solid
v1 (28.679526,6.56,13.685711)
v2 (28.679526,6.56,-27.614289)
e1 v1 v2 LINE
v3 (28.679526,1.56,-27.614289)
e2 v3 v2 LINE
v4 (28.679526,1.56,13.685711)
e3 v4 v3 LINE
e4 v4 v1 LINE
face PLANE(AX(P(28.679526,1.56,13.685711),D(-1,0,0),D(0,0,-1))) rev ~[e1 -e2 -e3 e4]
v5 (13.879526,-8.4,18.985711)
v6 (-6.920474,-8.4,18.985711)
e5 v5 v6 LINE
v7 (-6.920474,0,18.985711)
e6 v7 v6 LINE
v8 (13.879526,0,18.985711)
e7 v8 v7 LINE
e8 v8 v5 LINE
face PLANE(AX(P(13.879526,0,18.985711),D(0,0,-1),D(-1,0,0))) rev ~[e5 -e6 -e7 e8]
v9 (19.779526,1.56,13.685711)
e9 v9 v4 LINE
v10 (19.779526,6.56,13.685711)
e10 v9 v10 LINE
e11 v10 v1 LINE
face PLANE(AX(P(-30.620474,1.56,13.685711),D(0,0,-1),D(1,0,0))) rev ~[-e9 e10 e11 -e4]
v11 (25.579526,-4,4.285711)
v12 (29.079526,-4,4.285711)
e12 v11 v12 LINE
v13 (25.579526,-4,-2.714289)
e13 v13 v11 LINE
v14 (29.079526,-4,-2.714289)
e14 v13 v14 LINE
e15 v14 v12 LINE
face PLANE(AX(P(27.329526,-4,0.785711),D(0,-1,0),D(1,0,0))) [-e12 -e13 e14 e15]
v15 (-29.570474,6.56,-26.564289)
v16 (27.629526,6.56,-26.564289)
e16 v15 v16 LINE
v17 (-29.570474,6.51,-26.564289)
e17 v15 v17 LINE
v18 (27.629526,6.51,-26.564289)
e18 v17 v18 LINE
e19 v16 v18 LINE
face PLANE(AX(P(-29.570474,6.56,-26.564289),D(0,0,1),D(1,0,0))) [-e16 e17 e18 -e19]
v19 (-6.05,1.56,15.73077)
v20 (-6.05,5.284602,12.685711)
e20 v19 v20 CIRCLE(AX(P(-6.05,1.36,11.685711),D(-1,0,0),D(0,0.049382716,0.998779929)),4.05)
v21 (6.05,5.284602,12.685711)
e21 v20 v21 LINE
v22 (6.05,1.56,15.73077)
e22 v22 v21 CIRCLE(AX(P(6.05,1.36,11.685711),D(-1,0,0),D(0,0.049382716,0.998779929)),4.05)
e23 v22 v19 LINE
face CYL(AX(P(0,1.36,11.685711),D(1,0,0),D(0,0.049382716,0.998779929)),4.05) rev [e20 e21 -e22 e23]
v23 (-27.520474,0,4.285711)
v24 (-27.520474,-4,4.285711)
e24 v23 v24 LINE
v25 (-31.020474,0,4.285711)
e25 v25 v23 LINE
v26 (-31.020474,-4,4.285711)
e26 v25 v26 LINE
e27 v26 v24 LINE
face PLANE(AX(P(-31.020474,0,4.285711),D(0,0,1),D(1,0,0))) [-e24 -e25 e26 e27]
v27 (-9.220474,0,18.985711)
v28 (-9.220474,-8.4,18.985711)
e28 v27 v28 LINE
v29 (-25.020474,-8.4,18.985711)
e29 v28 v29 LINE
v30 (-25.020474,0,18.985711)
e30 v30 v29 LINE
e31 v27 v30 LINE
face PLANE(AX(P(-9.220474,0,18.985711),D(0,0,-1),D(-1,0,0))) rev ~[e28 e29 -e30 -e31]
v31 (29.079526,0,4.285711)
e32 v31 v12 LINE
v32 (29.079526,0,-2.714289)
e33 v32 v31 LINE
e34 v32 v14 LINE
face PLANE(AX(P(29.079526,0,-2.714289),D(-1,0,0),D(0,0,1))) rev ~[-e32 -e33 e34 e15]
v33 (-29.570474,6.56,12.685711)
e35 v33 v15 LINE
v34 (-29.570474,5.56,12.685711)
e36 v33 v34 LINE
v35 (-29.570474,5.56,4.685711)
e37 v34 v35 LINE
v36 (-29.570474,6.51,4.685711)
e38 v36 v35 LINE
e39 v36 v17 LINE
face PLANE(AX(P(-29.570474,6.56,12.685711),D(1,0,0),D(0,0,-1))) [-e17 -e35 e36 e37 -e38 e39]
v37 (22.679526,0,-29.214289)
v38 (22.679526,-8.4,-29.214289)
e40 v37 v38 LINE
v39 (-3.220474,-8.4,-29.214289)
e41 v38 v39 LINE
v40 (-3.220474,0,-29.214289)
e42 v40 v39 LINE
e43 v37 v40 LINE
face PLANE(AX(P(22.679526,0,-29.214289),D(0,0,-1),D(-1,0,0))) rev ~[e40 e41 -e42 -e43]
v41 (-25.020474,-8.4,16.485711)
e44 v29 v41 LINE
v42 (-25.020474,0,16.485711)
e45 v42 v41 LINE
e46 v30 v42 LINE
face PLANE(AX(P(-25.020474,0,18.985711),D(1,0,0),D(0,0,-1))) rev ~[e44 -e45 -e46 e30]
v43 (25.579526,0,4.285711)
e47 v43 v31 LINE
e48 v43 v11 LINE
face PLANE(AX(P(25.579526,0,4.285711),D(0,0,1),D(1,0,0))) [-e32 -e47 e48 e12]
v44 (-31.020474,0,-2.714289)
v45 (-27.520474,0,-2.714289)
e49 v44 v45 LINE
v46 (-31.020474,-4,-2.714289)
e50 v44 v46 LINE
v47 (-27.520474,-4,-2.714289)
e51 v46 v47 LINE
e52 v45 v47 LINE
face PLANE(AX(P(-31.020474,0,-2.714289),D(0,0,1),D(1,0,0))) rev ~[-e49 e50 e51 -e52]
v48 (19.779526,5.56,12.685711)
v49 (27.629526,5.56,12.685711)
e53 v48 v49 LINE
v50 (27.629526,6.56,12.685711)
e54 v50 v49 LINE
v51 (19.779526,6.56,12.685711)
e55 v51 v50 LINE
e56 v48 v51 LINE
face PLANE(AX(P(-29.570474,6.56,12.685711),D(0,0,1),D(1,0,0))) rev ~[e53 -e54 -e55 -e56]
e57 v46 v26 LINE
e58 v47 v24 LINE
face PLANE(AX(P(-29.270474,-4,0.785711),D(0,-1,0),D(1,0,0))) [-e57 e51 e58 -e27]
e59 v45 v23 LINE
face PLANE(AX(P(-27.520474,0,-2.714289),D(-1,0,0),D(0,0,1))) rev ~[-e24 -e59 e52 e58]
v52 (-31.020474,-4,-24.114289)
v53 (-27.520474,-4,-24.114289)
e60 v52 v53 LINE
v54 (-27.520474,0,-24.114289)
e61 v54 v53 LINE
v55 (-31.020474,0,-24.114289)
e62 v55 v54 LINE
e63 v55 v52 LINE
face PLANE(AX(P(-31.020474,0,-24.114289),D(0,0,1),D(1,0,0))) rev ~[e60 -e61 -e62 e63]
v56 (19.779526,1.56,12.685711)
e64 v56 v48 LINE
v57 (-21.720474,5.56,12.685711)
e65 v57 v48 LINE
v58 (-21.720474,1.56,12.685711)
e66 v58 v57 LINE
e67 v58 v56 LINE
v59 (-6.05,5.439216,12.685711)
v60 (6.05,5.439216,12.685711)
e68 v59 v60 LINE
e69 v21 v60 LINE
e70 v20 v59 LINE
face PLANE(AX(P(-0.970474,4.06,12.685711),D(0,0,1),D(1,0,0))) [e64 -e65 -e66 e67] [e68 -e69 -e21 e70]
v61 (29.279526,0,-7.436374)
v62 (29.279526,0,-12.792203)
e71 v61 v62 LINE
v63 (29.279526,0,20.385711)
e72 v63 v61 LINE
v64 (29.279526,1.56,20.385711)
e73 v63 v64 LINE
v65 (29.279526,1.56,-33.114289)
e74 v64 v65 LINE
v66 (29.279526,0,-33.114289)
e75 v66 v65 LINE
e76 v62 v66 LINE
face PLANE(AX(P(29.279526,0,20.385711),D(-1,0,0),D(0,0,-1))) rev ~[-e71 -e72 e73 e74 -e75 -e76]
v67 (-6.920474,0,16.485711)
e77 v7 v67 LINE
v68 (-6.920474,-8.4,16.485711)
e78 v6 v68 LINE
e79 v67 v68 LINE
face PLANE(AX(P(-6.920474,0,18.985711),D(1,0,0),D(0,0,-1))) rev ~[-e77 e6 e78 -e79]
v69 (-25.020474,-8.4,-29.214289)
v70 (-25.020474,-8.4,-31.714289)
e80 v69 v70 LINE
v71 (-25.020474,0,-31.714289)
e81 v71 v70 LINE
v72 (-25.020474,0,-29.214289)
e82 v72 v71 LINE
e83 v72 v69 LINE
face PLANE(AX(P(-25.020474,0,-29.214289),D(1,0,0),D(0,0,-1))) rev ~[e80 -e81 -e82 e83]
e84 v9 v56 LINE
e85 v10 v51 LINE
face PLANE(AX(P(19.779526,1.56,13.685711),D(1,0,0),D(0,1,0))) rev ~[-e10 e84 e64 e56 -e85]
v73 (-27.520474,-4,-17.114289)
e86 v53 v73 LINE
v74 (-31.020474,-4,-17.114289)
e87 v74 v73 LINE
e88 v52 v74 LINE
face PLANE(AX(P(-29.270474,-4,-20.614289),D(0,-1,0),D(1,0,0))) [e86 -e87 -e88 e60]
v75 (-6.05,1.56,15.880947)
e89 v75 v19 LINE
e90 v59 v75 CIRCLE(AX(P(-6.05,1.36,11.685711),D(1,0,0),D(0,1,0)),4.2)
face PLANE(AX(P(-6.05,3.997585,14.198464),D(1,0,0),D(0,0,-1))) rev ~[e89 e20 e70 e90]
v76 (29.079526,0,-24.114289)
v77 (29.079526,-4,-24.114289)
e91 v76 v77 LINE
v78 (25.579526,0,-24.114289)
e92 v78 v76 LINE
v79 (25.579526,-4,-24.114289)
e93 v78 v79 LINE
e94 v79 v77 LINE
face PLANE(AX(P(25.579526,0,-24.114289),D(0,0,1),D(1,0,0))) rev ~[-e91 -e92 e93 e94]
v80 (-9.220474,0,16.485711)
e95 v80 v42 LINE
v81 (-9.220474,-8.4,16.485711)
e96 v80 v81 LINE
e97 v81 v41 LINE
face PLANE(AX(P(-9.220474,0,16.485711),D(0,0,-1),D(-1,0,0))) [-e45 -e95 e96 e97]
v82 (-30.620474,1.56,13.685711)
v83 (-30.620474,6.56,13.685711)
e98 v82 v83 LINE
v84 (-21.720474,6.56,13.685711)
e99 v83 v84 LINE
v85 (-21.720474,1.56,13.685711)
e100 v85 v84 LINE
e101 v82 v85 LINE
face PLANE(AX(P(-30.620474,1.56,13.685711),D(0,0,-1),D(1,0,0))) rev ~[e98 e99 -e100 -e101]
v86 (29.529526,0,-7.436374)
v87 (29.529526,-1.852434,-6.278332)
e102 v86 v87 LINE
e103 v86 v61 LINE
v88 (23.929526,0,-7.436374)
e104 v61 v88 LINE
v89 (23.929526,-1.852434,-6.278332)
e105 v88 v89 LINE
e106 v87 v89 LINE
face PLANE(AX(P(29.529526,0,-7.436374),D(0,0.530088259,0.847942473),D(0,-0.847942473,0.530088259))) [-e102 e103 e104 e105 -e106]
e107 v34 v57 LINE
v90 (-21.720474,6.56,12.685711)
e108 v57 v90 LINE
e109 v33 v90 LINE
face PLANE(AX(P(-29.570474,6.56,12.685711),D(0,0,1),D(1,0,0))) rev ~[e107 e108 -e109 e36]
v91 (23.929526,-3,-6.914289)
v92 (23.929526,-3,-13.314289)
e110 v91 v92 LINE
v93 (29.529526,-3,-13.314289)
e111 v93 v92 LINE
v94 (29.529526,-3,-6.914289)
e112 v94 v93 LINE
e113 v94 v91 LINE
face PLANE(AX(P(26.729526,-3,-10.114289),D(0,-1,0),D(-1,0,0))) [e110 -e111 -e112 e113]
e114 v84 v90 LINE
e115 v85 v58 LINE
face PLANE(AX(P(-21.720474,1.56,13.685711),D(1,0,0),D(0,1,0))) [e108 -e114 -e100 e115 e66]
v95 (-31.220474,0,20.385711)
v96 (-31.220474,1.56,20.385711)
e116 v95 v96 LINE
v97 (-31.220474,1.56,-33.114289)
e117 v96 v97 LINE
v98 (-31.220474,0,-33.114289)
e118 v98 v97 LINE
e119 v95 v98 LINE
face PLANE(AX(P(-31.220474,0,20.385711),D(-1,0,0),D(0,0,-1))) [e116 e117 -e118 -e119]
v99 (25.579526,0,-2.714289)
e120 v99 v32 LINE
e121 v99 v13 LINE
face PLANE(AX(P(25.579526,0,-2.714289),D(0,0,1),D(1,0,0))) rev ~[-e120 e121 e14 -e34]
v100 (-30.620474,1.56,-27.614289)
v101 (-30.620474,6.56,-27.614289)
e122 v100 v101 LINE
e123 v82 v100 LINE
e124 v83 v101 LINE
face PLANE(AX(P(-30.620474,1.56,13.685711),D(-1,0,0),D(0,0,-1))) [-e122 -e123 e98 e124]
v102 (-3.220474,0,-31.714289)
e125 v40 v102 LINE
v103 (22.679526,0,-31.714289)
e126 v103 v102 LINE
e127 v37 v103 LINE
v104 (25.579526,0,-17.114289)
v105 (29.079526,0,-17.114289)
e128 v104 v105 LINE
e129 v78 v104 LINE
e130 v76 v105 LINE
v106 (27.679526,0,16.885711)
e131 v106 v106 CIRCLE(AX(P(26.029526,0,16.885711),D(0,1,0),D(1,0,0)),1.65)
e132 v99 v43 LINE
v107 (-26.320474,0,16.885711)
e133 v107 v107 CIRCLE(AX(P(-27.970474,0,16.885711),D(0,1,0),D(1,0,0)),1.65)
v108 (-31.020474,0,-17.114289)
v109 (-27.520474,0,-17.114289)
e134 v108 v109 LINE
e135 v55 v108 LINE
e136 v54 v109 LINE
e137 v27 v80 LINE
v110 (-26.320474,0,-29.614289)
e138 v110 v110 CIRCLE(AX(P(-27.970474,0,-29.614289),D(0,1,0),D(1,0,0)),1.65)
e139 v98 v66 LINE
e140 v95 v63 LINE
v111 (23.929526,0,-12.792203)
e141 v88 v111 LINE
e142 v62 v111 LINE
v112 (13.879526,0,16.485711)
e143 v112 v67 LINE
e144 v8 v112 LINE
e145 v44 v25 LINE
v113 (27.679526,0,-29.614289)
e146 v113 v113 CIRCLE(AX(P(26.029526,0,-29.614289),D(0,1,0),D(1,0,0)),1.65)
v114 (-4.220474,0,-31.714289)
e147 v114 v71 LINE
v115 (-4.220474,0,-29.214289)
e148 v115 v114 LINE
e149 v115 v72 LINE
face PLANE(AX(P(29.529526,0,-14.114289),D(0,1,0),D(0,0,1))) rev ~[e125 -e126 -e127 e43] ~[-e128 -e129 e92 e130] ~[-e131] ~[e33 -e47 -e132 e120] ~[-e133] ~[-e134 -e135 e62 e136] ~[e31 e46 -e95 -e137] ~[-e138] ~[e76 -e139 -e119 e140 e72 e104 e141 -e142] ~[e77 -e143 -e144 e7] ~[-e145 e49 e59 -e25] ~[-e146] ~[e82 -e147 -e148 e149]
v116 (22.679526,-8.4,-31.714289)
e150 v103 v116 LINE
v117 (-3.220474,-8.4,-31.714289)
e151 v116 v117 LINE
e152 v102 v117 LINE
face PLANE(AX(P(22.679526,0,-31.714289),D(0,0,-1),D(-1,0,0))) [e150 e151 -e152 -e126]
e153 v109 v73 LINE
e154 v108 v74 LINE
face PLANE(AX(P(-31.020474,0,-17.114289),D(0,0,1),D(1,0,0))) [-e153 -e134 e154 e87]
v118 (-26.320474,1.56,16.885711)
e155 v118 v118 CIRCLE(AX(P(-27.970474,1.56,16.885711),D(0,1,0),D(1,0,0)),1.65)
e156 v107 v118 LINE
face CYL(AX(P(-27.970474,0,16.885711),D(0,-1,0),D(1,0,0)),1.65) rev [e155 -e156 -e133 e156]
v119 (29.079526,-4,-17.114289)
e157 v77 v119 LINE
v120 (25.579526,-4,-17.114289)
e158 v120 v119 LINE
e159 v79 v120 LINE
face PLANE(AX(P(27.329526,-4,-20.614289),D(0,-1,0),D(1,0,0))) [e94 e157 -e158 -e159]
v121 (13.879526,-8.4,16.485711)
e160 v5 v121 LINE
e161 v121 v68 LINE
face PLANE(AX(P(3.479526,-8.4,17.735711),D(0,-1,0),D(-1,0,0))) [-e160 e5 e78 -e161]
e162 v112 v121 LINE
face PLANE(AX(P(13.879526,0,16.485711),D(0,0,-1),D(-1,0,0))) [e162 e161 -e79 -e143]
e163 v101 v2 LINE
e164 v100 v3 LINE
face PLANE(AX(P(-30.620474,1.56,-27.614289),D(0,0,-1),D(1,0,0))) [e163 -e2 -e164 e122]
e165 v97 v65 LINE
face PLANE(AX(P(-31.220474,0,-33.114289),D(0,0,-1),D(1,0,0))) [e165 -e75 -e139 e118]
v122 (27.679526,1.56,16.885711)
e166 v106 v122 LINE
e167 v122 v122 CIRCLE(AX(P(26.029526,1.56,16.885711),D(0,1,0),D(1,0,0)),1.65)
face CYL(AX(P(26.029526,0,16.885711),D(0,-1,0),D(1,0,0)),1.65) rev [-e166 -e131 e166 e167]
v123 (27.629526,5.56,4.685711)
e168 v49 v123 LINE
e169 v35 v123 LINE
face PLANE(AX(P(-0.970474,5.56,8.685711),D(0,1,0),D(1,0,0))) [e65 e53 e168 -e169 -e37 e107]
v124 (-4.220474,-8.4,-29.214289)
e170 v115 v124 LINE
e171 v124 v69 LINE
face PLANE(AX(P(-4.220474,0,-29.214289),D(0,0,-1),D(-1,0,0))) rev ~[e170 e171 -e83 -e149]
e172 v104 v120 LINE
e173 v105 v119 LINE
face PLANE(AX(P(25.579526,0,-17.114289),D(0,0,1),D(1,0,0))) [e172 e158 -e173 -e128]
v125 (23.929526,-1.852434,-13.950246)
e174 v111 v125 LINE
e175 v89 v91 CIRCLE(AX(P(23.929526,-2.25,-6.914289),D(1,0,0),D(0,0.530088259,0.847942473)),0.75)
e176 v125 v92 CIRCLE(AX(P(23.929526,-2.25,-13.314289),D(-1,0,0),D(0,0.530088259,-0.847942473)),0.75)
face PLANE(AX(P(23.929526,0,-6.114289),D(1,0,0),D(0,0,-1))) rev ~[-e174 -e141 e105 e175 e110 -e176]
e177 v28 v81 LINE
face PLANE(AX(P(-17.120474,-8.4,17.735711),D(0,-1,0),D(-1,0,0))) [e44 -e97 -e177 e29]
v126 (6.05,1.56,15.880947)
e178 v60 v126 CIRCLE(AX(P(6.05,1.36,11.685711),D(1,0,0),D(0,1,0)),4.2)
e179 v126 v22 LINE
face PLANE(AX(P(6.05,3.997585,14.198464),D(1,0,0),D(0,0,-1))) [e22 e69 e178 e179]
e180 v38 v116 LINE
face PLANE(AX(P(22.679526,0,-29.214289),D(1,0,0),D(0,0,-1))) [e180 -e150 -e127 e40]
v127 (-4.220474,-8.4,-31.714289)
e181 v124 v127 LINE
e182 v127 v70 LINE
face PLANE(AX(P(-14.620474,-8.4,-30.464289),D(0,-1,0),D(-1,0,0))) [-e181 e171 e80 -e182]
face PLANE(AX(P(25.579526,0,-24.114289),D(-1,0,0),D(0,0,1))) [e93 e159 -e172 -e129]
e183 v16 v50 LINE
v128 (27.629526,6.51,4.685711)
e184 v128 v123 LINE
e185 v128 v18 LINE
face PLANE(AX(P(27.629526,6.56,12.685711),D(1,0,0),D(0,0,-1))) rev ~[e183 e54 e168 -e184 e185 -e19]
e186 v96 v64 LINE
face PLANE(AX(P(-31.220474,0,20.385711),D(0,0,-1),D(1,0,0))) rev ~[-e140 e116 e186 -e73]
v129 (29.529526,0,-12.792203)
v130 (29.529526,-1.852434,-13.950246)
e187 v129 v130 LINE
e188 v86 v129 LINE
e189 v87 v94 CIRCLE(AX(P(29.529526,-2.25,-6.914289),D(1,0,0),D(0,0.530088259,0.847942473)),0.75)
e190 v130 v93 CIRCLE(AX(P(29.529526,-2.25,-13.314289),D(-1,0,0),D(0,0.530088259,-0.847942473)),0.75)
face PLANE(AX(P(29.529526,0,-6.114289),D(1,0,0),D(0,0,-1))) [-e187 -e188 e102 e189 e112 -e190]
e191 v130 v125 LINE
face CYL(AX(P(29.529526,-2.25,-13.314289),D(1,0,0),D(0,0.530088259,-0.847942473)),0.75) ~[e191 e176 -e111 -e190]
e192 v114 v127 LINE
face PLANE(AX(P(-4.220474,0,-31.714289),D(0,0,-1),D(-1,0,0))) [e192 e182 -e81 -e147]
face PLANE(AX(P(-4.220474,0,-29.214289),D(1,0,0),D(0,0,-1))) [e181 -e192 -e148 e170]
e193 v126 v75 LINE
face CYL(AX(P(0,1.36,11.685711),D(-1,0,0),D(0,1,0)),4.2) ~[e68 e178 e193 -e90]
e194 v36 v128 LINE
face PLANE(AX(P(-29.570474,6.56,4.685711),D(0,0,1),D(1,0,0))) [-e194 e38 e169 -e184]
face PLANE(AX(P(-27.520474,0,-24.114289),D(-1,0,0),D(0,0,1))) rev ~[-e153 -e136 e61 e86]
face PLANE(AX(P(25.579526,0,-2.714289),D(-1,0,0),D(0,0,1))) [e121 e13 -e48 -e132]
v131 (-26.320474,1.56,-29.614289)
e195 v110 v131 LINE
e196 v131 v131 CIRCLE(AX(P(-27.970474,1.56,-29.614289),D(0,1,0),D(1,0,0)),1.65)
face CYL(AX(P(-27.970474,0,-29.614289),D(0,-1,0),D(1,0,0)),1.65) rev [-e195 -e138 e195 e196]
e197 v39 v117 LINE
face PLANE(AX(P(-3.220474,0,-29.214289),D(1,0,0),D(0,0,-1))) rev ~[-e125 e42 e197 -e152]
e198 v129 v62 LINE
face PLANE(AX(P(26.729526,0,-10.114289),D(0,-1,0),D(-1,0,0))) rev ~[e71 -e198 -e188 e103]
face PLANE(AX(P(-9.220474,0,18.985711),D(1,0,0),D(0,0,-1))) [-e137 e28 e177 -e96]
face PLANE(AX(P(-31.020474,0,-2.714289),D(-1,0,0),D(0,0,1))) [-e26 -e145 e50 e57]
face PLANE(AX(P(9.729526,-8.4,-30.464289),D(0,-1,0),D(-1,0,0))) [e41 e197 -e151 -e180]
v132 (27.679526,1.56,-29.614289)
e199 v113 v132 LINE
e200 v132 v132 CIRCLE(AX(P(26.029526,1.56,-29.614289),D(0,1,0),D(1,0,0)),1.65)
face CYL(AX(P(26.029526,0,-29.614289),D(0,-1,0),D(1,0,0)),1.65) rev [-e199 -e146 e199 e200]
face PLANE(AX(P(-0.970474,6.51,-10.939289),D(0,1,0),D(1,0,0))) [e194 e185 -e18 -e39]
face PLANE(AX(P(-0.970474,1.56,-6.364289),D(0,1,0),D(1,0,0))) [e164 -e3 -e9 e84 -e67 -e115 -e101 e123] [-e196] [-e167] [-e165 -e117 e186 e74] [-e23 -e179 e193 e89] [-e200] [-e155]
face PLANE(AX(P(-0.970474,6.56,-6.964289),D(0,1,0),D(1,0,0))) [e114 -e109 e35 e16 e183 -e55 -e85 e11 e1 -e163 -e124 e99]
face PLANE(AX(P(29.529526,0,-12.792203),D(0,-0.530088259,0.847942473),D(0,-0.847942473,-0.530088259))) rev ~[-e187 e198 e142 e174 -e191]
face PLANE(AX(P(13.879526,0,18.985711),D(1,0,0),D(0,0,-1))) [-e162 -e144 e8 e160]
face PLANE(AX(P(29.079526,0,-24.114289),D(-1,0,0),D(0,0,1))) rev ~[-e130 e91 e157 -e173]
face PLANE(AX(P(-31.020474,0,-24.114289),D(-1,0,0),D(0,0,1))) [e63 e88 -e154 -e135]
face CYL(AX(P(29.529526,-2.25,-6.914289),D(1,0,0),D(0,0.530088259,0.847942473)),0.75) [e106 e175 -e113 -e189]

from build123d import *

# Parameters (mm, degrees)
SKETCH1_W                = 60.5
SKETCH1_H                = 53.5
SKETCH1_R                = 1.65
BOSS_EXTRUDE1_DEPTH      = 1.56
SKETCH2_W                = 59.3
SKETCH2_H                = 41.3
BOSS_EXTRUDE2_DEPTH      = 5
SKETCH4_W                = 41.5
SKETCH4_H                = 5
CUT_EXTRUDE1_DEPTH       = 1
BOSS_EXTRUDE3_DEPTH      = 6.05
BOSS_EXTRUDE3_DEPTH_BACK = 6.05
SKETCH5_W                = 15.8
SKETCH5_H                = 2.5
SKETCH5_W_2              = 20.8
SKETCH5_W_3              = 25.9
BOSS_EXTRUDE4_DEPTH      = 8.4
SKETCH6_W                = 3.5
SKETCH6_H                = 7
BOSS_EXTRUDE5_DEPTH      = 4
SKETCH7_W                = 57.2
SKETCH7_H                = 8
CUT_EXTRUDE2_DEPTH       = 1
SKETCH8_W                = 57.2
SKETCH8_H                = 31.25
CUT_EXTRUDE3_DEPTH       = 0.05
SKETCH9_W                = 5.6
SKETCH9_H                = 8
BOSS_EXTRUDE6_DEPTH      = 3
CUT_EXTRUDE4_DEPTH       = 5.6


with BuildPart() as part:
    # Sketch1 → Boss-Extrude1 (new body)
    with BuildSketch(Plane(origin=(0, 0, 0), x_dir=(1, 0, 0), z_dir=(0, 1, 0))):
        with Locations((-0.970473773, 6.36428867)):
            Rectangle(SKETCH1_W, SKETCH1_H)
        with Locations((-27.970473773, -16.88571133)):
            Circle(SKETCH1_R, mode=Mode.SUBTRACT)
        with Locations((-27.970473773, 29.61428867)):
            Circle(SKETCH1_R, mode=Mode.SUBTRACT)
        with Locations((26.029526227, 29.61428867)):
            Circle(SKETCH1_R, mode=Mode.SUBTRACT)
        with Locations((26.029526227, -16.88571133)):
            Circle(SKETCH1_R, mode=Mode.SUBTRACT)
    extrude(amount=BOSS_EXTRUDE1_DEPTH)

    # Sketch2 → Boss-Extrude2 (add)
    with BuildSketch(Plane(origin=(0, 1.56, 0), x_dir=(1, 0, 0), z_dir=(0, 1, 0))):
        with Locations((-0.970473773, 6.96428867)):
            Rectangle(SKETCH2_W, SKETCH2_H)
    extrude(amount=BOSS_EXTRUDE2_DEPTH)

    # Sketch4 → Cut-Extrude1 (cut)
    with BuildSketch(Plane.XY.offset(13.68571133)):
        with Locations((-0.970473773, 4.06)):
            Rectangle(SKETCH4_W, SKETCH4_H)
    extrude(amount=-CUT_EXTRUDE1_DEPTH, mode=Mode.SUBTRACT)

    # Sketch3 → Boss-Extrude3 (add, two sides)
    with BuildSketch(Plane(origin=(0, 0, 0), x_dir=(0, 0, -1), z_dir=(1, 0, 0))) as boss_extrude3_sk:
        with BuildLine():
            Line((-11.68571133, 5.41), (-11.68571133, 5.56))
            ThreePointArc((-11.68571133, 5.56), (-14.583986679, 4.399736831), (-15.880946723, 1.56))
            Line((-15.880946723, 1.56), (-15.730770044, 1.56))
            ThreePointArc((-15.730770044, 1.56), (-14.4778879, 4.293641082), (-11.68571133, 5.41))
        make_face()
    extrude(amount=BOSS_EXTRUDE3_DEPTH)
    extrude(boss_extrude3_sk.sketch, amount=-BOSS_EXTRUDE3_DEPTH_BACK)

    # Sketch5 → Boss-Extrude4 (add)
    with BuildSketch(Plane(origin=(0, 0, 0), x_dir=(-1, 0, 0), z_dir=(0, -1, 0))):
        with Locations((17.120473773, -17.73571133)):
            Rectangle(SKETCH5_W, SKETCH5_H)
        with Locations((-3.479526227, -17.73571133)):
            Rectangle(SKETCH5_W_2, SKETCH5_H)
        with Locations((14.620473773, 30.46428867)):
            Rectangle(SKETCH5_W_2, SKETCH5_H)
        with Locations((-9.729526227, 30.46428867)):
            Rectangle(SKETCH5_W_3, SKETCH5_H)
    extrude(amount=BOSS_EXTRUDE4_DEPTH)

    # Sketch6 → Boss-Extrude5 (add)
    with BuildSketch(Plane.XZ):
        with Locations((-29.270473773, 0.78571133)):
            Rectangle(SKETCH6_W, SKETCH6_H)
        with Locations((-29.270473773, -20.61428867)):
            Rectangle(SKETCH6_W, SKETCH6_H)
        with Locations((27.329526227, 0.78571133)):
            Rectangle(SKETCH6_W, SKETCH6_H)
        with Locations((27.329526227, -20.61428867)):
            Rectangle(SKETCH6_W, SKETCH6_H)
    extrude(amount=BOSS_EXTRUDE5_DEPTH)

    # Sketch7 → Cut-Extrude2 (cut)
    with BuildSketch(Plane(origin=(0, 6.56, 0), x_dir=(1, 0, 0), z_dir=(0, 1, 0))):
        with Locations((-0.970473773, -8.68571133)):
            Rectangle(SKETCH7_W, SKETCH7_H)
    extrude(amount=-CUT_EXTRUDE2_DEPTH, mode=Mode.SUBTRACT)

    # Sketch8 → Cut-Extrude3 (cut)
    with BuildSketch(Plane(origin=(0, 6.56, 0), x_dir=(1, 0, 0), z_dir=(0, 1, 0))):
        with Locations((-0.970473773, 10.93928867)):
            Rectangle(SKETCH8_W, SKETCH8_H)
    extrude(amount=-CUT_EXTRUDE3_DEPTH, mode=Mode.SUBTRACT)

    # Sketch9 → Boss-Extrude6 (add)
    with BuildSketch(Plane(origin=(0, 0, 0), x_dir=(-1, 0, 0), z_dir=(0, -1, 0))):
        with Locations((-26.729526227, 10.11428867)):
            Rectangle(SKETCH9_W, SKETCH9_H)
    extrude(amount=BOSS_EXTRUDE6_DEPTH)

    # Sketch10 → Cut-Extrude4 (cut)
    with BuildSketch(Plane(origin=(29.529526227, 0, 0), x_dir=(0, 0, -1), z_dir=(1, 0, 0))):
        with BuildLine():
            Line((7.436374303, 0), (6.278331815, -1.852433806))
            ThreePointArc((6.278331815, -1.852433806), (6.258287662, -2.613541851), (6.91428867, -3))
            Line((6.91428867, -3), (6.11428867, -3))
            Line((6.11428867, -3), (6.11428867, 0))
            Line((6.11428867, 0), (7.436374303, 0))
        make_face()
        with BuildLine():
            Line((12.792203037, 0), (13.950245525, -1.852433806))
            ThreePointArc((13.950245525, -1.852433806), (13.970289678, -2.613541851), (13.31428867, -3))
            Line((13.31428867, -3), (14.11428867, -3))
            Line((14.11428867, -3), (14.11428867, 0))
            Line((14.11428867, 0), (12.792203037, 0))
        make_face()
    extrude(amount=-CUT_EXTRUDE4_DEPTH, mode=Mode.SUBTRACT)


solid = part.part
